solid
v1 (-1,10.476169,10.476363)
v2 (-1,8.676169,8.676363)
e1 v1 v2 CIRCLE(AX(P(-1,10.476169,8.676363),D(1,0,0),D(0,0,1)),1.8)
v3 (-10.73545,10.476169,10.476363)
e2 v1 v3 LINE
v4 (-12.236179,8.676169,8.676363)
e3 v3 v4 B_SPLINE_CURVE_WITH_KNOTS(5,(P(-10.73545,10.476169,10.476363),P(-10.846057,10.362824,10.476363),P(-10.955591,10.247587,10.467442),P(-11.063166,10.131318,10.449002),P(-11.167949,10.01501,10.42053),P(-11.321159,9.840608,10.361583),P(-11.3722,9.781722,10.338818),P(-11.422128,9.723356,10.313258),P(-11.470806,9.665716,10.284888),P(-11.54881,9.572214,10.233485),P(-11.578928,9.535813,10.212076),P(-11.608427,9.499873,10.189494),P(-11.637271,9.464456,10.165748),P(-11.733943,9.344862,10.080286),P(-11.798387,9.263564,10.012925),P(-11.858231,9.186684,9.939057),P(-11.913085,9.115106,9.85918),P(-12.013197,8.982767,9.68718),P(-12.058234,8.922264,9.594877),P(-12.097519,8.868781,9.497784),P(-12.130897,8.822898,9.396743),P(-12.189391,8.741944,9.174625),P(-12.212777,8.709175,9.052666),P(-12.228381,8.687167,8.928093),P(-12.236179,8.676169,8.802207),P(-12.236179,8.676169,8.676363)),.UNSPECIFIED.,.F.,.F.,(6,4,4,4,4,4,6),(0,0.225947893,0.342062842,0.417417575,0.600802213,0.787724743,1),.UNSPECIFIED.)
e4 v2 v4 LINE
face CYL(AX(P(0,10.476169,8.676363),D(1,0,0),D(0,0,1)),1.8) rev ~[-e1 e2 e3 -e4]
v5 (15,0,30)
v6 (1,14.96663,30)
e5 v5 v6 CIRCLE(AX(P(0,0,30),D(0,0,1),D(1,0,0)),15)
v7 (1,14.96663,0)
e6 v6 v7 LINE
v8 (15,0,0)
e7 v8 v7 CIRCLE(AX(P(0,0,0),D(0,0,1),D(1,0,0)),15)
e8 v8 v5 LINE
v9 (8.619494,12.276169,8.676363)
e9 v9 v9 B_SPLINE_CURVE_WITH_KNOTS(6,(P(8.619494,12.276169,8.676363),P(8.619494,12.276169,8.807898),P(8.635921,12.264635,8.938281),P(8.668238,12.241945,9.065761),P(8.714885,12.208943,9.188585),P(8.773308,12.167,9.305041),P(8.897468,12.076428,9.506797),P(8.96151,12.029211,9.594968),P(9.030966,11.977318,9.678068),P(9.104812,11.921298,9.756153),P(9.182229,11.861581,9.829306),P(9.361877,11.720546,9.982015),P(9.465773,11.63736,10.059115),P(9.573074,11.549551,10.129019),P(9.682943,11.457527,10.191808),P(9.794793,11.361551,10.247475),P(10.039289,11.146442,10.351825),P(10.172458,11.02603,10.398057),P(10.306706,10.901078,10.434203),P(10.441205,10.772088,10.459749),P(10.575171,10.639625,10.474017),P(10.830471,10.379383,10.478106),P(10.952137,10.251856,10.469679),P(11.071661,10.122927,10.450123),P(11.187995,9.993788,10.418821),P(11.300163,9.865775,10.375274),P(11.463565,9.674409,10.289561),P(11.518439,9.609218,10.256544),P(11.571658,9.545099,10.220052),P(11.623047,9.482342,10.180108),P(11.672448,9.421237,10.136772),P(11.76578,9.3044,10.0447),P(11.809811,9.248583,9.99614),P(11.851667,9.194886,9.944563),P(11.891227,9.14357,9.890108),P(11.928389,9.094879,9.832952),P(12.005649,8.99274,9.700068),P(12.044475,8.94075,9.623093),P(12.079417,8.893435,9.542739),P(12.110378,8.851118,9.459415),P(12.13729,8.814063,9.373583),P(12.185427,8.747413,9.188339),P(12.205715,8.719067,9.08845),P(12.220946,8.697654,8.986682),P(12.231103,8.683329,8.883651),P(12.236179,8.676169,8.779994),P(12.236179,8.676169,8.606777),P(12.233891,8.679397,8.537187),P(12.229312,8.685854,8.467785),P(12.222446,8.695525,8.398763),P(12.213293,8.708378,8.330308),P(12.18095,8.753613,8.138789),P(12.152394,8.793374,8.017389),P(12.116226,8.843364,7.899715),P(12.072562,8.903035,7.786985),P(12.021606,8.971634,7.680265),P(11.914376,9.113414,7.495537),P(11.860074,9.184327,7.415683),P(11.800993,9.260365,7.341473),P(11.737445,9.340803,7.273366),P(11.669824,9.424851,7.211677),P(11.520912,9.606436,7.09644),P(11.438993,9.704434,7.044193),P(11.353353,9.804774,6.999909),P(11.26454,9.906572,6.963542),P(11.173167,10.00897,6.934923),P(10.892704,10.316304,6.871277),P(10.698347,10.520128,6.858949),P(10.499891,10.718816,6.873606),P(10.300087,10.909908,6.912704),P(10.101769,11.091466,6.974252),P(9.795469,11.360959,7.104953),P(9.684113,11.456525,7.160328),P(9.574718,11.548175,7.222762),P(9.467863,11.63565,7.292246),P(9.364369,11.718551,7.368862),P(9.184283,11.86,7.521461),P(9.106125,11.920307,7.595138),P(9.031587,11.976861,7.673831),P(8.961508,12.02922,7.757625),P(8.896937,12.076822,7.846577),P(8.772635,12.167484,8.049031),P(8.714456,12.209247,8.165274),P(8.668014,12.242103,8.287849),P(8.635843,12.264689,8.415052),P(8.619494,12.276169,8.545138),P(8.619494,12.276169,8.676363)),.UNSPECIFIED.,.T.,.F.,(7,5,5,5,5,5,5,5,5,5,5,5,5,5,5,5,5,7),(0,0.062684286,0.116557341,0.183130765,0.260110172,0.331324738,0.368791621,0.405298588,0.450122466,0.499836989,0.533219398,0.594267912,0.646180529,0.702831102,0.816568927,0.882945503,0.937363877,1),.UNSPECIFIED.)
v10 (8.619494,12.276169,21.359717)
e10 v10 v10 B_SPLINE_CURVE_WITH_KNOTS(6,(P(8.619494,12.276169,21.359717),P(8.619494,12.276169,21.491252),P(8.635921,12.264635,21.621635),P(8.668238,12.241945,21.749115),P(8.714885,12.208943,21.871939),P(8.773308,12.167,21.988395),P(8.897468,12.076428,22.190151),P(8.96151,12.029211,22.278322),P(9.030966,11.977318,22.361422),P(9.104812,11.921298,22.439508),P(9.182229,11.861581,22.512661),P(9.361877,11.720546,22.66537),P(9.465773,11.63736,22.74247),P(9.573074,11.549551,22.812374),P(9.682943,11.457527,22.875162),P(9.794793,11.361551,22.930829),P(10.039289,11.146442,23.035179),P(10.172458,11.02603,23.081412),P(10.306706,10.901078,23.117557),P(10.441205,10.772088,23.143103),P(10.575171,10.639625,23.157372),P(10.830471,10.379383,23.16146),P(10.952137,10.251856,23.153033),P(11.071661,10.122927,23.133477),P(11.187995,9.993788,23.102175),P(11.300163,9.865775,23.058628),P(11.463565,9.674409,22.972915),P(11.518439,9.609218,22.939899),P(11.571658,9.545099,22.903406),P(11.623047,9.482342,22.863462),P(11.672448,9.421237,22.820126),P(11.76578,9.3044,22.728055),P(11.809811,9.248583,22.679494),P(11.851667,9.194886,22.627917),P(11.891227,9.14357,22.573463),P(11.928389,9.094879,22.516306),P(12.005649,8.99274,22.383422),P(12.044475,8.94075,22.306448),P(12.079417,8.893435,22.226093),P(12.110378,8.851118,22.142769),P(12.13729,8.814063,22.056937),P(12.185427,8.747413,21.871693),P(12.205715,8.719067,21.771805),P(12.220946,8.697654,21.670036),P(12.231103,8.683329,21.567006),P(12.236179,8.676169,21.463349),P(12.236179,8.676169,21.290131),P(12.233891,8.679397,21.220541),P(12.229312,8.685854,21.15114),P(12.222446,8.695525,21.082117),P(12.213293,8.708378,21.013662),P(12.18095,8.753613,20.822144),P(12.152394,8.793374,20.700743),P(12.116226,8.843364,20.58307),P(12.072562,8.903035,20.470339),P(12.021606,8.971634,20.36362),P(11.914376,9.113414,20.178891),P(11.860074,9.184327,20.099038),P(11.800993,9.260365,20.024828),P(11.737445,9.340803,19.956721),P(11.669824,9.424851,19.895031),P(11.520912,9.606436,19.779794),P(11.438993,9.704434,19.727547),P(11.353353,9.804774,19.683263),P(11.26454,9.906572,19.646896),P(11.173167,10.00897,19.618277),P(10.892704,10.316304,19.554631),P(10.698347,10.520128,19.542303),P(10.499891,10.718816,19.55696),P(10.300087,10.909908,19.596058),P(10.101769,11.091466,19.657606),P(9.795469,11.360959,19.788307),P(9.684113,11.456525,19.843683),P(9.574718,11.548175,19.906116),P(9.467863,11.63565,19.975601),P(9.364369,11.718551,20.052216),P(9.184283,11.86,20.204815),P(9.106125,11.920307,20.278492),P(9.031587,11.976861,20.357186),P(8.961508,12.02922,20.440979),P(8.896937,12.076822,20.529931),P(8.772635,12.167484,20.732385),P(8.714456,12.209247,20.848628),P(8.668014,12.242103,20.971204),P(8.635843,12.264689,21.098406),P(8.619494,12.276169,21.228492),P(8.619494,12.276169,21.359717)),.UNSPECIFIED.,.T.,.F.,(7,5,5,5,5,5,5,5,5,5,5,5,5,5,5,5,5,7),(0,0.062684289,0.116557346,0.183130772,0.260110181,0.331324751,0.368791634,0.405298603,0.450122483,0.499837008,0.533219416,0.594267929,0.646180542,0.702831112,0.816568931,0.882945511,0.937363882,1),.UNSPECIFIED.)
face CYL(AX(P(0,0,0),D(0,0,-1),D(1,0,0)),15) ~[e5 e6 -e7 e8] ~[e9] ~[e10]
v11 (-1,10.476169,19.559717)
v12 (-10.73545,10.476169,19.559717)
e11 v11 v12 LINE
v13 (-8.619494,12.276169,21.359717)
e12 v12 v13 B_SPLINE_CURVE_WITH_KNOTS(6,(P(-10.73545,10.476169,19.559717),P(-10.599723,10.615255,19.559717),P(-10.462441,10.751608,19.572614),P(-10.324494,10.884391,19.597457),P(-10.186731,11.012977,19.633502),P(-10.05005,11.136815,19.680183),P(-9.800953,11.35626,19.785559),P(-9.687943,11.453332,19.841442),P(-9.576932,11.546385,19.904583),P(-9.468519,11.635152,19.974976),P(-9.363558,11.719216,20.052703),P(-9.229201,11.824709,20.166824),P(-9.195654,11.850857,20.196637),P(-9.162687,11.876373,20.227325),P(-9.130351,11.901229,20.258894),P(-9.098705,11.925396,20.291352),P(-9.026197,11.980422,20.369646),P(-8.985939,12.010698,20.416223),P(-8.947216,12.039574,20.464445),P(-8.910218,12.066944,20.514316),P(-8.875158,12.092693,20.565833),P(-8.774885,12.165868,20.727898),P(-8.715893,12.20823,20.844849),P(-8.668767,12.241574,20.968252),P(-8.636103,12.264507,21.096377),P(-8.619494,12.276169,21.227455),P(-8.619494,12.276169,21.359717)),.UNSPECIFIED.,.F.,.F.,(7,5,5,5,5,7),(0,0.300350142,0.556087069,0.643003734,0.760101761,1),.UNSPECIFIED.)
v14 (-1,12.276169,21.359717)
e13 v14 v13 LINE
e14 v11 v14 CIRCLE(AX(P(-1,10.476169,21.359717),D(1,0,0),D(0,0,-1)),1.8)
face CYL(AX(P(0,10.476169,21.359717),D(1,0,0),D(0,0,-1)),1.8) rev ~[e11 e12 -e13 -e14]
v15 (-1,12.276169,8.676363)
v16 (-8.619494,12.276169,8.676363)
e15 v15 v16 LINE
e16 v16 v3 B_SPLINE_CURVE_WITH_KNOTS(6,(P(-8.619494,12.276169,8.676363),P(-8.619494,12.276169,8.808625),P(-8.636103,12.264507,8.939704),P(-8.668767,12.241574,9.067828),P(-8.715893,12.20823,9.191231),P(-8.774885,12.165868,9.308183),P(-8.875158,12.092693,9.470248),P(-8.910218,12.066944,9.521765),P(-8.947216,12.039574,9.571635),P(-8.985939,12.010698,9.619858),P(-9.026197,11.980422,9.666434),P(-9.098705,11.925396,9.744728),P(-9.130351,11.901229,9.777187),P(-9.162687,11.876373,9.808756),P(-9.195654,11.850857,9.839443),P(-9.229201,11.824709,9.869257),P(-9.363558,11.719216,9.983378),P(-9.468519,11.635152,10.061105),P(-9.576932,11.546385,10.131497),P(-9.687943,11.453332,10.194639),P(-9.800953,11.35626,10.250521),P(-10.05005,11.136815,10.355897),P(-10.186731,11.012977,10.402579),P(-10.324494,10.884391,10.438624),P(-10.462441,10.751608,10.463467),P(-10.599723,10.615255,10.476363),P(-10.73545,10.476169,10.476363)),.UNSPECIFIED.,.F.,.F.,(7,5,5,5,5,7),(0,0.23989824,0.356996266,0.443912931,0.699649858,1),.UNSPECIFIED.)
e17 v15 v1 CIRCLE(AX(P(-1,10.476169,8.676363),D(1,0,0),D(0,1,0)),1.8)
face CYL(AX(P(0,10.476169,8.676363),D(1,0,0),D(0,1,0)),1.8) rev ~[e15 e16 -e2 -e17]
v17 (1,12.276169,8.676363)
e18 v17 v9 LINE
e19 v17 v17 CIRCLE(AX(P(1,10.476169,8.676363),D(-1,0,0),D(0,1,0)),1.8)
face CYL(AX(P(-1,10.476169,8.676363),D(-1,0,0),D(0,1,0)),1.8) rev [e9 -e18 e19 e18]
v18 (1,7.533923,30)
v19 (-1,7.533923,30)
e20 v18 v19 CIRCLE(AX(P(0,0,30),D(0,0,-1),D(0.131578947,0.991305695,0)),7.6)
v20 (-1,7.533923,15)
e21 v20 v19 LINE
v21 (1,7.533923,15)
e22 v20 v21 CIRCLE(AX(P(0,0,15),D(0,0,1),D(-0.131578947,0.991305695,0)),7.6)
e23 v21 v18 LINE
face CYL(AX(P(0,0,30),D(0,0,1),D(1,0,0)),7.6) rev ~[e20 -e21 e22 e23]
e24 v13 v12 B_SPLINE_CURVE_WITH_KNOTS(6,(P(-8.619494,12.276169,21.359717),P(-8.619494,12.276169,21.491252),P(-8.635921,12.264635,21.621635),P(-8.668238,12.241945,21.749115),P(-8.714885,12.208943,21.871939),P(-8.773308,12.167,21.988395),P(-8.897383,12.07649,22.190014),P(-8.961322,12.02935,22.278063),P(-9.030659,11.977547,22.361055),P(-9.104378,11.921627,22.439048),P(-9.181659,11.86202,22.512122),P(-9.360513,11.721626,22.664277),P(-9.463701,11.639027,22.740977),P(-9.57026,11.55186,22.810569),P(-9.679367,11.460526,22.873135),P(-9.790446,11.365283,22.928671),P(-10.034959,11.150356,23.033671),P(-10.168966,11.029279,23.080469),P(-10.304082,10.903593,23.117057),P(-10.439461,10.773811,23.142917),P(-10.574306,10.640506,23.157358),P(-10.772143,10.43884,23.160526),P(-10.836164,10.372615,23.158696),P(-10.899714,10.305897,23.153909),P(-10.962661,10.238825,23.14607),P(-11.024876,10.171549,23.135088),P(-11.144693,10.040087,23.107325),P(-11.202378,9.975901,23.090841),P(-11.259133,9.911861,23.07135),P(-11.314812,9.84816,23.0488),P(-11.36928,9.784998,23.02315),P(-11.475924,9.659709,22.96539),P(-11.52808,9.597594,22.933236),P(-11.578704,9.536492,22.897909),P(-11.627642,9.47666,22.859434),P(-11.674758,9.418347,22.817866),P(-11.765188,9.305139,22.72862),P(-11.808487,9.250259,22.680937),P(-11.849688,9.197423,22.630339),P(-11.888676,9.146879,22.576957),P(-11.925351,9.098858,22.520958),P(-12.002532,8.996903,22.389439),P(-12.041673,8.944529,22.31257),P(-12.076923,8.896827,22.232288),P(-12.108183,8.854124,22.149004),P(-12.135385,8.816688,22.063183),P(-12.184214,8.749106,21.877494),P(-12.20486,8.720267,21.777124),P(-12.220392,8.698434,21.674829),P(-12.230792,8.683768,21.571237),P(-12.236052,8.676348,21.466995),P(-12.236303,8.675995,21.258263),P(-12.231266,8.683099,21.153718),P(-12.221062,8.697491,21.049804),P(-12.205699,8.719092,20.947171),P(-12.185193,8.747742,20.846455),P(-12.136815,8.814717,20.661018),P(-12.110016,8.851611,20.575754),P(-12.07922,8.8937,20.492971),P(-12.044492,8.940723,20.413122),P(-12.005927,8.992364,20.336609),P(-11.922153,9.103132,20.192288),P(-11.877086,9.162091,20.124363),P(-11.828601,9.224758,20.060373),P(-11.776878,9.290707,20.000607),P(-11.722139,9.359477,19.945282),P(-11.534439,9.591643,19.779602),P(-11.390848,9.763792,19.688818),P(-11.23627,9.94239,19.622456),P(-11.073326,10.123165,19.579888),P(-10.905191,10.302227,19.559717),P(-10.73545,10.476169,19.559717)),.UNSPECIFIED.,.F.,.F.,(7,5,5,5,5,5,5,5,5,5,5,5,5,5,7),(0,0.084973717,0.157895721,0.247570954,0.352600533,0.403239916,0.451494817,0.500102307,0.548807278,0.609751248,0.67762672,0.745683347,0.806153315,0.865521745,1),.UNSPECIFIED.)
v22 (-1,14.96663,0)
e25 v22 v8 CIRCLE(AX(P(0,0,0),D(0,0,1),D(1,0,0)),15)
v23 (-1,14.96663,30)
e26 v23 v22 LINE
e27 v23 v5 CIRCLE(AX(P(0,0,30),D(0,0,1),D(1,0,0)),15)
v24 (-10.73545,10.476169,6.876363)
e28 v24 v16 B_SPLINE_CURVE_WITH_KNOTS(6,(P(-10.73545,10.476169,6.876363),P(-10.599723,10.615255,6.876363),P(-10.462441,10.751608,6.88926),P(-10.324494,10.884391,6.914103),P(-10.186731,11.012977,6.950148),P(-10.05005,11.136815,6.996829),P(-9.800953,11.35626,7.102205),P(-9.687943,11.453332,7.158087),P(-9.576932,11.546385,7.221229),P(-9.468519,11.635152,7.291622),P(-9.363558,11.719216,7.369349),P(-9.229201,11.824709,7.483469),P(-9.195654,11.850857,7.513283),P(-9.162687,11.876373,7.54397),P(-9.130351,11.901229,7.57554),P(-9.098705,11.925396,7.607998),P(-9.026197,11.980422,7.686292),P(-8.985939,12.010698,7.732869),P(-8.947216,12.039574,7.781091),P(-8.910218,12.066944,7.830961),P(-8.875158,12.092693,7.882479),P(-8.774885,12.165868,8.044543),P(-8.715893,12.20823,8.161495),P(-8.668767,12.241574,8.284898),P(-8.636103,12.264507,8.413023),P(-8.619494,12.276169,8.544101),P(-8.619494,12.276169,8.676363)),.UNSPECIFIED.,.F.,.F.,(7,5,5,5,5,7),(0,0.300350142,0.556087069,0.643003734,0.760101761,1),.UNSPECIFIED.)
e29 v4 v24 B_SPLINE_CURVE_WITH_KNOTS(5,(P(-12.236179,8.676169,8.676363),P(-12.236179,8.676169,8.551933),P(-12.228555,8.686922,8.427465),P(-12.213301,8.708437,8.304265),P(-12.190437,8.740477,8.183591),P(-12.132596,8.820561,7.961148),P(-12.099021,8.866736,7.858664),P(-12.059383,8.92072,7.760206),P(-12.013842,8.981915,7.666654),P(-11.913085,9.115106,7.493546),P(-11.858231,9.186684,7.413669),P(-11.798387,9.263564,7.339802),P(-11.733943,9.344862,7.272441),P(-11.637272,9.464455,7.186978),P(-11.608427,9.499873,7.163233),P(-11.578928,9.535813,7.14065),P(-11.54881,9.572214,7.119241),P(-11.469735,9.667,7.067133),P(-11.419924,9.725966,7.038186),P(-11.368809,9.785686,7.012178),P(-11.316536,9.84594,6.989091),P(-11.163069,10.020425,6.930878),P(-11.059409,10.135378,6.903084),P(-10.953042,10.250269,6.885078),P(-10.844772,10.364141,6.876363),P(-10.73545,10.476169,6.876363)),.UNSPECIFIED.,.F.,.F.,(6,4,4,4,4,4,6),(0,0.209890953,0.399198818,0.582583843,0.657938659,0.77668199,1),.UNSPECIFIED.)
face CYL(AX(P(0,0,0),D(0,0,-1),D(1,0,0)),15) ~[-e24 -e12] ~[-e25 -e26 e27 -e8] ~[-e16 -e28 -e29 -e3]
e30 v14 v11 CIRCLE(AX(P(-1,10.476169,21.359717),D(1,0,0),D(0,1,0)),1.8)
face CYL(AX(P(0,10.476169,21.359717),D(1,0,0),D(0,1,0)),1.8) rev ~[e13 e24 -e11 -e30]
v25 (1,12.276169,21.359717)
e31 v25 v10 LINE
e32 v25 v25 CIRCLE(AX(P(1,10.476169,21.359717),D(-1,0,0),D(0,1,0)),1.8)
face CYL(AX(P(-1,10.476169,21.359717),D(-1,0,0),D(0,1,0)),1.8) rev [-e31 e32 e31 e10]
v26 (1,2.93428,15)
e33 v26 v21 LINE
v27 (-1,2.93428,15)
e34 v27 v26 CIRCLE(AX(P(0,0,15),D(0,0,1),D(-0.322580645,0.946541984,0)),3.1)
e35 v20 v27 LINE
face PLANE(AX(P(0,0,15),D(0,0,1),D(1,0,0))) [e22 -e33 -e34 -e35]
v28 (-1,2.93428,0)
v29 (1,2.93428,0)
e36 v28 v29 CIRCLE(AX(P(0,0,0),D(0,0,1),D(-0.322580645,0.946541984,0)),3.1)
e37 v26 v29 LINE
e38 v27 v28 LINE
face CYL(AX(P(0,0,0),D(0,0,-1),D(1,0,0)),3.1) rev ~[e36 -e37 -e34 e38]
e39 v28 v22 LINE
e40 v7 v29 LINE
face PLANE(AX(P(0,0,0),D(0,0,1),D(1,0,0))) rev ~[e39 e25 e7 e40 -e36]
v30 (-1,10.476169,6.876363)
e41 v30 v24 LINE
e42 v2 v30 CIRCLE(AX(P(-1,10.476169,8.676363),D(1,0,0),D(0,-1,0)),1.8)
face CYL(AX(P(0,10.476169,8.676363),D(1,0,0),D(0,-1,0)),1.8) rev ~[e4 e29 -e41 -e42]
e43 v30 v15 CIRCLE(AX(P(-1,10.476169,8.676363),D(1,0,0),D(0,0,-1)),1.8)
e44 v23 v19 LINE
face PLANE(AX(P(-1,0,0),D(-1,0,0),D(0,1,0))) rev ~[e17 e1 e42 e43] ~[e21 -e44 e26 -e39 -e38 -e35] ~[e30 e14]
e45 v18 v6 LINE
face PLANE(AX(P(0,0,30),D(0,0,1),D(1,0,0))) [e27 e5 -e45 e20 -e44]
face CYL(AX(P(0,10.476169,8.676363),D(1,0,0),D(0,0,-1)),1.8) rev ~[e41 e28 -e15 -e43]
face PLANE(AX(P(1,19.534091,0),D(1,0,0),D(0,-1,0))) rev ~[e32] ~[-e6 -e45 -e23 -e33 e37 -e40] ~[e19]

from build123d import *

# Parameters (mm, degrees)
F0_R      = 15
F1_DEPTH  = 30
F2_R      = 7.6
F3_DEPTH  = 15
F4_R      = 3.1
F5_DEPTH  = 25.4
F7_DEPTH  = 50.8
F9_DEPTH  = 15.001
F10_R     = 1.8
F11_DEPTH = 25.4


with BuildPart() as f1:
    # F0 (on Top) → F1 (new body)
    with BuildSketch(Plane.XY):
        Circle(F0_R)
    extrude(amount=F1_DEPTH)

    # F2 (on face) → F3 (cut)
    with BuildSketch(Plane.XY.offset(30)):
        Circle(F2_R)
    extrude(amount=-F3_DEPTH, mode=Mode.SUBTRACT)

    # F4 (on face) → F5 (cut)
    with BuildSketch(Plane(origin=(0, 0, 0), x_dir=(1, 0, 0), z_dir=(0, 0, -1))):
        Circle(F4_R)
    extrude(amount=-F5_DEPTH, mode=Mode.SUBTRACT)

    # F6 (on face) → F7 (cut)
    with BuildSketch(Plane(origin=(0, 0, 0), x_dir=(1, 0, 0), z_dir=(0, 0, -1))):
        with BuildLine():
            Line((-1, -14.9666295471), (-1, -19.5340905339))
            Line((-1, -19.5340905339), (1, -19.5340905339))
            Line((1, -19.5340905339), (1, -14.9666295471))
            ThreePointArc((1, -14.9666295471), (0, -15), (-1, -14.9666295471))
        make_face()
        with BuildLine():
            Line((-1, 0), (-1, -2.9342801502))
            ThreePointArc((-1, -2.9342801502), (0, -3.1), (1, -2.9342801502))
            Line((1, -2.9342801502), (1, 0))
            Line((1, 0), (-1, 0))
        make_face()
        with BuildLine():
            Line((-1, -2.9342801502), (-1, -14.9666295471))
            ThreePointArc((-1, -14.9666295471), (0, -15), (1, -14.9666295471))
            Line((1, -14.9666295471), (1, -2.9342801502))
            ThreePointArc((1, -2.9342801502), (0, -3.1), (-1, -2.9342801502))
        make_face()
    extrude(amount=-F7_DEPTH, mode=Mode.SUBTRACT)

    # F8 (on Right) → F9 (cut, through all)
    with BuildSketch(Plane.YZ):
        with BuildLine():
            Line((10.4761691764, 8.6763631552), (10.4761691764, 6.8763631552))
            ThreePointArc((10.4761691764, 6.8763631552), (11.7489613825, 7.4035709491), (12.2761691764, 8.6763631552))
            ThreePointArc((12.2761691764, 8.6763631552), (11.7489613825, 9.9491553614), (10.4761691764, 10.4763631552))
            Line((10.4761691764, 10.4763631552), (10.4761691764, 8.6763631552))
        make_face()
        with BuildLine():
            ThreePointArc((10.4761691764, 10.4763631552), (9.2033769703, 9.9491553614), (8.6761691764, 8.6763631552))
            Line((8.6761691764, 8.6763631552), (10.4761691764, 8.6763631552))
            Line((10.4761691764, 8.6763631552), (10.4761691764, 10.4763631552))
        make_face()
        with BuildLine():
            ThreePointArc((8.6761691764, 8.6763631552), (9.2033769703, 7.4035709491), (10.4761691764, 6.8763631552))
            Line((10.4761691764, 6.8763631552), (10.4761691764, 8.6763631552))
            Line((10.4761691764, 8.6763631552), (8.6761691764, 8.6763631552))
        make_face()
        with BuildLine():
            ThreePointArc((12.2761691764, 21.3597174734), (9.2033769703, 22.6325096795), (10.4761691764, 19.5597174734))
            ThreePointArc((10.4761691764, 19.5597174734), (11.7489613825, 20.0869252673), (12.2761691764, 21.3597174734))
        make_face()
    extrude(amount=-F9_DEPTH, mode=Mode.SUBTRACT)

    # F10 (on face) → F11 (cut)
    with BuildSketch(Plane.YZ.offset(-1)):
        with Locations((10.4761691764, 8.6763631552)):
            Circle(F10_R)
        with Locations((10.4761691764, 21.3597174734)):
            Circle(F10_R)
    extrude(amount=F11_DEPTH, mode=Mode.SUBTRACT)


solid = f1.part
